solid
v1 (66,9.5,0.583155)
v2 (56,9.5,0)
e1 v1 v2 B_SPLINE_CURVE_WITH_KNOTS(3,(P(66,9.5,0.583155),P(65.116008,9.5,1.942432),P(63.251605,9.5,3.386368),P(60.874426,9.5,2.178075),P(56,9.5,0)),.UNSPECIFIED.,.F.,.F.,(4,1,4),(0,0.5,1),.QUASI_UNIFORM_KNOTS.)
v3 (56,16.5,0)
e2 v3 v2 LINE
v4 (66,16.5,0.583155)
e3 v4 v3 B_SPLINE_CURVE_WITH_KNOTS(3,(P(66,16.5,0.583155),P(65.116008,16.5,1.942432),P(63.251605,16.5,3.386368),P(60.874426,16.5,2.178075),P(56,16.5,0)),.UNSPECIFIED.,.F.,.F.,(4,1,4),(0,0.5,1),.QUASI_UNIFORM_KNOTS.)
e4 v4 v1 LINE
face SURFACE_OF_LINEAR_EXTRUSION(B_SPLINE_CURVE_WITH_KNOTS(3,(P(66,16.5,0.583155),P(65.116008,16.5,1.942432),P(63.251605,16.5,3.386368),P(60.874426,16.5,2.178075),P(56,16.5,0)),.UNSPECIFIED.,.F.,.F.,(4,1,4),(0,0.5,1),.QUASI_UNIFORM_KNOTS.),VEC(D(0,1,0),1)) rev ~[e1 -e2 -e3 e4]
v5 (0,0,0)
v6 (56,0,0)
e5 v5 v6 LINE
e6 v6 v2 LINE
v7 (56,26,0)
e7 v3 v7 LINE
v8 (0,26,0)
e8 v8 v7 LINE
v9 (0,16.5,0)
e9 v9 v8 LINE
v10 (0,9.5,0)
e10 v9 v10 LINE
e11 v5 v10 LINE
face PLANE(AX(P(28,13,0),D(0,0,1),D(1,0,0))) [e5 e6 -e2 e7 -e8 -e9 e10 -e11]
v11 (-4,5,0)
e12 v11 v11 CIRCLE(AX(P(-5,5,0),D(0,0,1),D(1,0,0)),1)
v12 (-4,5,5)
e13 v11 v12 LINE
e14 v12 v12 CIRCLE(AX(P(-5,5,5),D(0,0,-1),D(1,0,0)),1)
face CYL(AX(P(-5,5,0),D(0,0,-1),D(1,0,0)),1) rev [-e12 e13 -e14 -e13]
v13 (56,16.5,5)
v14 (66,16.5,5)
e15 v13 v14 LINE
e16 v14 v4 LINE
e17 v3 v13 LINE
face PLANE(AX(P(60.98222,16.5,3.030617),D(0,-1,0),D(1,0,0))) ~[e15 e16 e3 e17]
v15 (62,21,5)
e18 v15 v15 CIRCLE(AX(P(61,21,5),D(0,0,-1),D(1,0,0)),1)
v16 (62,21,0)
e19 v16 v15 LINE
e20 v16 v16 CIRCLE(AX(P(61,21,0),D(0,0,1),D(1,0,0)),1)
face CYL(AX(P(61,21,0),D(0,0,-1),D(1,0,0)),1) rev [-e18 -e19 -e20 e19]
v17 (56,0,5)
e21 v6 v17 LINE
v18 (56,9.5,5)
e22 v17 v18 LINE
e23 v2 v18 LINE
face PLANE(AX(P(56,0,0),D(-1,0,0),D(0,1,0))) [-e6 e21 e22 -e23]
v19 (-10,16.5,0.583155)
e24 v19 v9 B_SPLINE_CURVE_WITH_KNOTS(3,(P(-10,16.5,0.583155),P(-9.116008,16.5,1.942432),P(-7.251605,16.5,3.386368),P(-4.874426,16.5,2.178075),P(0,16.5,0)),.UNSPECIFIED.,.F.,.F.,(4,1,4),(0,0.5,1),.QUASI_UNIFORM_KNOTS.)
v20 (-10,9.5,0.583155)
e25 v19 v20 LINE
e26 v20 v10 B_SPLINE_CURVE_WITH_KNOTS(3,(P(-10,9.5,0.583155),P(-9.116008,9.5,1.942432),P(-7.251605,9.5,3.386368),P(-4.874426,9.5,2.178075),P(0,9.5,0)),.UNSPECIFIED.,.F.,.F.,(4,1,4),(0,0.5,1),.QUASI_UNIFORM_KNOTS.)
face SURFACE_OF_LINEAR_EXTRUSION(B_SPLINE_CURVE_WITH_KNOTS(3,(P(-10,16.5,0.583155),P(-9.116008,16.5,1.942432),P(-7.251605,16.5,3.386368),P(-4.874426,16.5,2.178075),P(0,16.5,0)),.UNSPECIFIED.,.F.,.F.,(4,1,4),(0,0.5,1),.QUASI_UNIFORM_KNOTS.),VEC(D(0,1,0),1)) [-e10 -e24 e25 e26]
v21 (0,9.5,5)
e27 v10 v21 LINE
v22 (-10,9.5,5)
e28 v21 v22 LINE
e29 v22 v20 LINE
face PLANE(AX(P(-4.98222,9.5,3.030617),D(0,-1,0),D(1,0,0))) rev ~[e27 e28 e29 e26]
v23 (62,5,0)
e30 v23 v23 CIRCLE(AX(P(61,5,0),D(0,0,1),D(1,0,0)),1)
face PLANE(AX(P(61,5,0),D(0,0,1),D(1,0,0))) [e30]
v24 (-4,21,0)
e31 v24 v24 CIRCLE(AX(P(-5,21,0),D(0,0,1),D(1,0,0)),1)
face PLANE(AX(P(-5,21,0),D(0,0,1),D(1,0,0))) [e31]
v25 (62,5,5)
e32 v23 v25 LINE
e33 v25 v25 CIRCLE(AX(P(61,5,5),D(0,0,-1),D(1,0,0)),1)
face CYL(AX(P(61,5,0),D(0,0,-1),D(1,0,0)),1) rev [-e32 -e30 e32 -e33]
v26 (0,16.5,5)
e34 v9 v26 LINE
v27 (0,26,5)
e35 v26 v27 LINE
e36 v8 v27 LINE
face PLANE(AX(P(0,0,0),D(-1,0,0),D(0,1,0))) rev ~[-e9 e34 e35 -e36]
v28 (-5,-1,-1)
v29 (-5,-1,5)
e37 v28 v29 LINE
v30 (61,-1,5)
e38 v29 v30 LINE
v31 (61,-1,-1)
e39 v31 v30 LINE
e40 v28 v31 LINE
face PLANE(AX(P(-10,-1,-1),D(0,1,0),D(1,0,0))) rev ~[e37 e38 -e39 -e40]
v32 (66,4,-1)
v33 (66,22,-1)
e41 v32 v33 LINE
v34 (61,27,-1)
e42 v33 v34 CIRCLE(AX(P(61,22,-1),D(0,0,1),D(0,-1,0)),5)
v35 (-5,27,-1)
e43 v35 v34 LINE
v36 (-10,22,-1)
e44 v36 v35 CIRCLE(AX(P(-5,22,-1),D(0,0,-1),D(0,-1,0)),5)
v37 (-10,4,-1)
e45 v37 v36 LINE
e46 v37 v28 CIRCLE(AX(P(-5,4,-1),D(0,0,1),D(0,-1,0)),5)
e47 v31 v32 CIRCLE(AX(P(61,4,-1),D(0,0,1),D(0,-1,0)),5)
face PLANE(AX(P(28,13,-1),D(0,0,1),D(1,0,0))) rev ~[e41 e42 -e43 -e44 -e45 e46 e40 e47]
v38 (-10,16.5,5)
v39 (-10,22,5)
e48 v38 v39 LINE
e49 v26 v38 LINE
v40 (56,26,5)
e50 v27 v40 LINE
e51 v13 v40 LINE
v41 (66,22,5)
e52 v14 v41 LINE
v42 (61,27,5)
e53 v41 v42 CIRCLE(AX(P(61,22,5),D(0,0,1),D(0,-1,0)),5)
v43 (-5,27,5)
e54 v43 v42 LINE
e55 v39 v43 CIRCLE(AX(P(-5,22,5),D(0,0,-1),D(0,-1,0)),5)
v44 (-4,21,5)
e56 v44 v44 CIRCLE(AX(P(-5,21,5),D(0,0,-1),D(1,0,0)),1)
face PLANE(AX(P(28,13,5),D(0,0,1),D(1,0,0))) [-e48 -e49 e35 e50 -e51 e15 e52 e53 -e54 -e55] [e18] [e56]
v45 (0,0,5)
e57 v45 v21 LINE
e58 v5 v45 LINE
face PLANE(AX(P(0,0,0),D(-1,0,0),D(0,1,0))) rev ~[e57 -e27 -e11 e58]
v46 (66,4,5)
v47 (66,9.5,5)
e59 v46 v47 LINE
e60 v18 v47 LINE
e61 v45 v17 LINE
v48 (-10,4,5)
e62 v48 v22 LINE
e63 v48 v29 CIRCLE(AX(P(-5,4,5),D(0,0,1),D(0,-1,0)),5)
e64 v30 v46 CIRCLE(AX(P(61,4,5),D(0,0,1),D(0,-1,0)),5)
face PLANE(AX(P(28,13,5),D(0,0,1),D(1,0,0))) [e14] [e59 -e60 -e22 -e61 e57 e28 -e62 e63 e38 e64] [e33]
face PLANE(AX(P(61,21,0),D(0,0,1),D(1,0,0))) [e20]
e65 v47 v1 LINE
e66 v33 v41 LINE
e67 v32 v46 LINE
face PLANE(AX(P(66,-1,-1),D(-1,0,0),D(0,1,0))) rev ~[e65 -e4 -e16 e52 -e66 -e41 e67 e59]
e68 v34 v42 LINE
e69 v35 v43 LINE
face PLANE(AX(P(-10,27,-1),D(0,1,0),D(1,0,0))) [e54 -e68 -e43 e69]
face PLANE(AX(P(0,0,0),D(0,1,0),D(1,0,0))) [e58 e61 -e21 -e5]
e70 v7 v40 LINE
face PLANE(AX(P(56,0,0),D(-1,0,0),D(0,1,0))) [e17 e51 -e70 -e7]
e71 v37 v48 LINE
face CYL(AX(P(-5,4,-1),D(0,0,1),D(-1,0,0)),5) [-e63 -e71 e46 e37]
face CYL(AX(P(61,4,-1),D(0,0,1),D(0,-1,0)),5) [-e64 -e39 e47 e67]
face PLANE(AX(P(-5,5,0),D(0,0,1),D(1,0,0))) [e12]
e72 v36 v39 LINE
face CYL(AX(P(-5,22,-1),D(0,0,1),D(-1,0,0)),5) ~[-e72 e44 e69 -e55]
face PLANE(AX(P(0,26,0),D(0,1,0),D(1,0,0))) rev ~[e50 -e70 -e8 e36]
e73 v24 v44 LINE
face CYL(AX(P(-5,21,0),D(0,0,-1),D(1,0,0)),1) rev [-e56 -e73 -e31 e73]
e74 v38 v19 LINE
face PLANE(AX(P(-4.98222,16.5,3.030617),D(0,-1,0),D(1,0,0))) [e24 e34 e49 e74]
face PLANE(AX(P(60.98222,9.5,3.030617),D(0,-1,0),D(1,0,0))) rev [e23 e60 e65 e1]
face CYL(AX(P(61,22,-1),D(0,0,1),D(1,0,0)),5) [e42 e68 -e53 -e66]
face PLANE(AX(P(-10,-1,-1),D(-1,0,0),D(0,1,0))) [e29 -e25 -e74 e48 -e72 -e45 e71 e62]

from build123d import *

# Parameters (mm, degrees)
PAD_DEPTH      = 7
CYLINDER_R     = 1
CYLINDER_DEPTH = 10
ARRAY_X_COUNT  = 2
ARRAY_X_PITCH  = 66
ARRAY_Y_COUNT  = 2
ARRAY_Y_PITCH  = 16
BOX_W          = 56
BOX_H          = 26
BOX_DEPTH      = 5
BOX001_W       = 76
BOX001_H       = 28
BOX001_DEPTH   = 6
FILLET_R       = 5


with BuildPart() as wire_hole_body:
    # Sketch → Pad (new body)
    with BuildSketch(Plane.XZ):
        with BuildLine():
            Line((0, 5), (-10, 5))
            Line((-10, 5), (-10, 0.583155))
            add(Edge.make_bspline(
                [(-10, 0.583155), (-9.116008, 1.942432), (-7.251605, 3.386368), (-4.874426, 2.178075), (0, 0)],
                knots=[0, 0, 0, 0, 0.5, 1, 1, 1, 1], degree=3))
            Line((0, 0), (0, 5))
        make_face()
    extrude(amount=PAD_DEPTH)


with BuildPart() as part_mirroring:
    # Part__Mirroring: instance of wire hole body
    add(wire_hole_body.part.mirror(Plane(origin=(28, 0, 0), x_dir=(0, -1, 0), z_dir=(1, 0, 0))))


with BuildPart() as wire_hole_fusion:
    # Fusion001 base: copy of wire hole body
    add(wire_hole_body.part)

    # Fusion001: union Part__Mirroring
    add(part_mirroring.part)


with BuildPart() as wire_hole_fusion_1:
    # Fusion001 placement: moved
    add(wire_hole_fusion.part.moved(Location((0, 16.5, 0))))


with BuildPart() as screw_hole_array:
    # Cylinder → Cylinder (new body)
    with BuildSketch(Plane.XY):
        Circle(CYLINDER_R)
    extrude(amount=CYLINDER_DEPTH)

    # Array X: screw hole array ×2


with BuildPart() as screw_hole_array_1:
    add(screw_hole_array.part)
    with Locations(*[(i * ARRAY_X_PITCH, 0, 0) for i in range(1, ARRAY_X_COUNT)]):
        add(screw_hole_array.part)

    # Array Y: screw hole array ×2


with BuildPart() as screw_hole_array_2:
    add(screw_hole_array_1.part)
    with Locations(*[(0, i * ARRAY_Y_PITCH, 0) for i in range(1, ARRAY_Y_COUNT)]):
        add(screw_hole_array_1.part)


with BuildPart() as screw_hole_array_3:
    # Array placement: moved
    add(screw_hole_array_2.part.moved(Location((-5, 5, 0))))


with BuildPart() as extraction_fusion:
    # Box → Box (new body)
    with BuildSketch(Plane.XY):
        with Locations((28, 13)):
            Rectangle(BOX_W, BOX_H)
    extrude(amount=BOX_DEPTH)

    # Fusion: union wire hole fusion, screw hole array
    add(wire_hole_fusion_1.part)
    add(screw_hole_array_3.part)


with BuildPart() as box_cut:
    # Box001 → Box001 (new body)
    with BuildSketch(Plane(origin=(-10, -1, -1), x_dir=(1, 0, 0), z_dir=(0, 0, 1))):
        with Locations((38, 14)):
            Rectangle(BOX001_W, BOX001_H)
    extrude(amount=BOX001_DEPTH)

    # Fillet
    fillet_edges = [box_cut.edges().sort_by_distance(p)[0] for p in [
        (-10, -1, 2),
        (-10, 27, 2),
        (66, -1, 2),
        (66, 27, 2),
    ]]
    fillet(fillet_edges, radius=FILLET_R)

    # Cut: cut extraction fusion
    add(extraction_fusion.part, mode=Mode.SUBTRACT)


solid = box_cut.part
